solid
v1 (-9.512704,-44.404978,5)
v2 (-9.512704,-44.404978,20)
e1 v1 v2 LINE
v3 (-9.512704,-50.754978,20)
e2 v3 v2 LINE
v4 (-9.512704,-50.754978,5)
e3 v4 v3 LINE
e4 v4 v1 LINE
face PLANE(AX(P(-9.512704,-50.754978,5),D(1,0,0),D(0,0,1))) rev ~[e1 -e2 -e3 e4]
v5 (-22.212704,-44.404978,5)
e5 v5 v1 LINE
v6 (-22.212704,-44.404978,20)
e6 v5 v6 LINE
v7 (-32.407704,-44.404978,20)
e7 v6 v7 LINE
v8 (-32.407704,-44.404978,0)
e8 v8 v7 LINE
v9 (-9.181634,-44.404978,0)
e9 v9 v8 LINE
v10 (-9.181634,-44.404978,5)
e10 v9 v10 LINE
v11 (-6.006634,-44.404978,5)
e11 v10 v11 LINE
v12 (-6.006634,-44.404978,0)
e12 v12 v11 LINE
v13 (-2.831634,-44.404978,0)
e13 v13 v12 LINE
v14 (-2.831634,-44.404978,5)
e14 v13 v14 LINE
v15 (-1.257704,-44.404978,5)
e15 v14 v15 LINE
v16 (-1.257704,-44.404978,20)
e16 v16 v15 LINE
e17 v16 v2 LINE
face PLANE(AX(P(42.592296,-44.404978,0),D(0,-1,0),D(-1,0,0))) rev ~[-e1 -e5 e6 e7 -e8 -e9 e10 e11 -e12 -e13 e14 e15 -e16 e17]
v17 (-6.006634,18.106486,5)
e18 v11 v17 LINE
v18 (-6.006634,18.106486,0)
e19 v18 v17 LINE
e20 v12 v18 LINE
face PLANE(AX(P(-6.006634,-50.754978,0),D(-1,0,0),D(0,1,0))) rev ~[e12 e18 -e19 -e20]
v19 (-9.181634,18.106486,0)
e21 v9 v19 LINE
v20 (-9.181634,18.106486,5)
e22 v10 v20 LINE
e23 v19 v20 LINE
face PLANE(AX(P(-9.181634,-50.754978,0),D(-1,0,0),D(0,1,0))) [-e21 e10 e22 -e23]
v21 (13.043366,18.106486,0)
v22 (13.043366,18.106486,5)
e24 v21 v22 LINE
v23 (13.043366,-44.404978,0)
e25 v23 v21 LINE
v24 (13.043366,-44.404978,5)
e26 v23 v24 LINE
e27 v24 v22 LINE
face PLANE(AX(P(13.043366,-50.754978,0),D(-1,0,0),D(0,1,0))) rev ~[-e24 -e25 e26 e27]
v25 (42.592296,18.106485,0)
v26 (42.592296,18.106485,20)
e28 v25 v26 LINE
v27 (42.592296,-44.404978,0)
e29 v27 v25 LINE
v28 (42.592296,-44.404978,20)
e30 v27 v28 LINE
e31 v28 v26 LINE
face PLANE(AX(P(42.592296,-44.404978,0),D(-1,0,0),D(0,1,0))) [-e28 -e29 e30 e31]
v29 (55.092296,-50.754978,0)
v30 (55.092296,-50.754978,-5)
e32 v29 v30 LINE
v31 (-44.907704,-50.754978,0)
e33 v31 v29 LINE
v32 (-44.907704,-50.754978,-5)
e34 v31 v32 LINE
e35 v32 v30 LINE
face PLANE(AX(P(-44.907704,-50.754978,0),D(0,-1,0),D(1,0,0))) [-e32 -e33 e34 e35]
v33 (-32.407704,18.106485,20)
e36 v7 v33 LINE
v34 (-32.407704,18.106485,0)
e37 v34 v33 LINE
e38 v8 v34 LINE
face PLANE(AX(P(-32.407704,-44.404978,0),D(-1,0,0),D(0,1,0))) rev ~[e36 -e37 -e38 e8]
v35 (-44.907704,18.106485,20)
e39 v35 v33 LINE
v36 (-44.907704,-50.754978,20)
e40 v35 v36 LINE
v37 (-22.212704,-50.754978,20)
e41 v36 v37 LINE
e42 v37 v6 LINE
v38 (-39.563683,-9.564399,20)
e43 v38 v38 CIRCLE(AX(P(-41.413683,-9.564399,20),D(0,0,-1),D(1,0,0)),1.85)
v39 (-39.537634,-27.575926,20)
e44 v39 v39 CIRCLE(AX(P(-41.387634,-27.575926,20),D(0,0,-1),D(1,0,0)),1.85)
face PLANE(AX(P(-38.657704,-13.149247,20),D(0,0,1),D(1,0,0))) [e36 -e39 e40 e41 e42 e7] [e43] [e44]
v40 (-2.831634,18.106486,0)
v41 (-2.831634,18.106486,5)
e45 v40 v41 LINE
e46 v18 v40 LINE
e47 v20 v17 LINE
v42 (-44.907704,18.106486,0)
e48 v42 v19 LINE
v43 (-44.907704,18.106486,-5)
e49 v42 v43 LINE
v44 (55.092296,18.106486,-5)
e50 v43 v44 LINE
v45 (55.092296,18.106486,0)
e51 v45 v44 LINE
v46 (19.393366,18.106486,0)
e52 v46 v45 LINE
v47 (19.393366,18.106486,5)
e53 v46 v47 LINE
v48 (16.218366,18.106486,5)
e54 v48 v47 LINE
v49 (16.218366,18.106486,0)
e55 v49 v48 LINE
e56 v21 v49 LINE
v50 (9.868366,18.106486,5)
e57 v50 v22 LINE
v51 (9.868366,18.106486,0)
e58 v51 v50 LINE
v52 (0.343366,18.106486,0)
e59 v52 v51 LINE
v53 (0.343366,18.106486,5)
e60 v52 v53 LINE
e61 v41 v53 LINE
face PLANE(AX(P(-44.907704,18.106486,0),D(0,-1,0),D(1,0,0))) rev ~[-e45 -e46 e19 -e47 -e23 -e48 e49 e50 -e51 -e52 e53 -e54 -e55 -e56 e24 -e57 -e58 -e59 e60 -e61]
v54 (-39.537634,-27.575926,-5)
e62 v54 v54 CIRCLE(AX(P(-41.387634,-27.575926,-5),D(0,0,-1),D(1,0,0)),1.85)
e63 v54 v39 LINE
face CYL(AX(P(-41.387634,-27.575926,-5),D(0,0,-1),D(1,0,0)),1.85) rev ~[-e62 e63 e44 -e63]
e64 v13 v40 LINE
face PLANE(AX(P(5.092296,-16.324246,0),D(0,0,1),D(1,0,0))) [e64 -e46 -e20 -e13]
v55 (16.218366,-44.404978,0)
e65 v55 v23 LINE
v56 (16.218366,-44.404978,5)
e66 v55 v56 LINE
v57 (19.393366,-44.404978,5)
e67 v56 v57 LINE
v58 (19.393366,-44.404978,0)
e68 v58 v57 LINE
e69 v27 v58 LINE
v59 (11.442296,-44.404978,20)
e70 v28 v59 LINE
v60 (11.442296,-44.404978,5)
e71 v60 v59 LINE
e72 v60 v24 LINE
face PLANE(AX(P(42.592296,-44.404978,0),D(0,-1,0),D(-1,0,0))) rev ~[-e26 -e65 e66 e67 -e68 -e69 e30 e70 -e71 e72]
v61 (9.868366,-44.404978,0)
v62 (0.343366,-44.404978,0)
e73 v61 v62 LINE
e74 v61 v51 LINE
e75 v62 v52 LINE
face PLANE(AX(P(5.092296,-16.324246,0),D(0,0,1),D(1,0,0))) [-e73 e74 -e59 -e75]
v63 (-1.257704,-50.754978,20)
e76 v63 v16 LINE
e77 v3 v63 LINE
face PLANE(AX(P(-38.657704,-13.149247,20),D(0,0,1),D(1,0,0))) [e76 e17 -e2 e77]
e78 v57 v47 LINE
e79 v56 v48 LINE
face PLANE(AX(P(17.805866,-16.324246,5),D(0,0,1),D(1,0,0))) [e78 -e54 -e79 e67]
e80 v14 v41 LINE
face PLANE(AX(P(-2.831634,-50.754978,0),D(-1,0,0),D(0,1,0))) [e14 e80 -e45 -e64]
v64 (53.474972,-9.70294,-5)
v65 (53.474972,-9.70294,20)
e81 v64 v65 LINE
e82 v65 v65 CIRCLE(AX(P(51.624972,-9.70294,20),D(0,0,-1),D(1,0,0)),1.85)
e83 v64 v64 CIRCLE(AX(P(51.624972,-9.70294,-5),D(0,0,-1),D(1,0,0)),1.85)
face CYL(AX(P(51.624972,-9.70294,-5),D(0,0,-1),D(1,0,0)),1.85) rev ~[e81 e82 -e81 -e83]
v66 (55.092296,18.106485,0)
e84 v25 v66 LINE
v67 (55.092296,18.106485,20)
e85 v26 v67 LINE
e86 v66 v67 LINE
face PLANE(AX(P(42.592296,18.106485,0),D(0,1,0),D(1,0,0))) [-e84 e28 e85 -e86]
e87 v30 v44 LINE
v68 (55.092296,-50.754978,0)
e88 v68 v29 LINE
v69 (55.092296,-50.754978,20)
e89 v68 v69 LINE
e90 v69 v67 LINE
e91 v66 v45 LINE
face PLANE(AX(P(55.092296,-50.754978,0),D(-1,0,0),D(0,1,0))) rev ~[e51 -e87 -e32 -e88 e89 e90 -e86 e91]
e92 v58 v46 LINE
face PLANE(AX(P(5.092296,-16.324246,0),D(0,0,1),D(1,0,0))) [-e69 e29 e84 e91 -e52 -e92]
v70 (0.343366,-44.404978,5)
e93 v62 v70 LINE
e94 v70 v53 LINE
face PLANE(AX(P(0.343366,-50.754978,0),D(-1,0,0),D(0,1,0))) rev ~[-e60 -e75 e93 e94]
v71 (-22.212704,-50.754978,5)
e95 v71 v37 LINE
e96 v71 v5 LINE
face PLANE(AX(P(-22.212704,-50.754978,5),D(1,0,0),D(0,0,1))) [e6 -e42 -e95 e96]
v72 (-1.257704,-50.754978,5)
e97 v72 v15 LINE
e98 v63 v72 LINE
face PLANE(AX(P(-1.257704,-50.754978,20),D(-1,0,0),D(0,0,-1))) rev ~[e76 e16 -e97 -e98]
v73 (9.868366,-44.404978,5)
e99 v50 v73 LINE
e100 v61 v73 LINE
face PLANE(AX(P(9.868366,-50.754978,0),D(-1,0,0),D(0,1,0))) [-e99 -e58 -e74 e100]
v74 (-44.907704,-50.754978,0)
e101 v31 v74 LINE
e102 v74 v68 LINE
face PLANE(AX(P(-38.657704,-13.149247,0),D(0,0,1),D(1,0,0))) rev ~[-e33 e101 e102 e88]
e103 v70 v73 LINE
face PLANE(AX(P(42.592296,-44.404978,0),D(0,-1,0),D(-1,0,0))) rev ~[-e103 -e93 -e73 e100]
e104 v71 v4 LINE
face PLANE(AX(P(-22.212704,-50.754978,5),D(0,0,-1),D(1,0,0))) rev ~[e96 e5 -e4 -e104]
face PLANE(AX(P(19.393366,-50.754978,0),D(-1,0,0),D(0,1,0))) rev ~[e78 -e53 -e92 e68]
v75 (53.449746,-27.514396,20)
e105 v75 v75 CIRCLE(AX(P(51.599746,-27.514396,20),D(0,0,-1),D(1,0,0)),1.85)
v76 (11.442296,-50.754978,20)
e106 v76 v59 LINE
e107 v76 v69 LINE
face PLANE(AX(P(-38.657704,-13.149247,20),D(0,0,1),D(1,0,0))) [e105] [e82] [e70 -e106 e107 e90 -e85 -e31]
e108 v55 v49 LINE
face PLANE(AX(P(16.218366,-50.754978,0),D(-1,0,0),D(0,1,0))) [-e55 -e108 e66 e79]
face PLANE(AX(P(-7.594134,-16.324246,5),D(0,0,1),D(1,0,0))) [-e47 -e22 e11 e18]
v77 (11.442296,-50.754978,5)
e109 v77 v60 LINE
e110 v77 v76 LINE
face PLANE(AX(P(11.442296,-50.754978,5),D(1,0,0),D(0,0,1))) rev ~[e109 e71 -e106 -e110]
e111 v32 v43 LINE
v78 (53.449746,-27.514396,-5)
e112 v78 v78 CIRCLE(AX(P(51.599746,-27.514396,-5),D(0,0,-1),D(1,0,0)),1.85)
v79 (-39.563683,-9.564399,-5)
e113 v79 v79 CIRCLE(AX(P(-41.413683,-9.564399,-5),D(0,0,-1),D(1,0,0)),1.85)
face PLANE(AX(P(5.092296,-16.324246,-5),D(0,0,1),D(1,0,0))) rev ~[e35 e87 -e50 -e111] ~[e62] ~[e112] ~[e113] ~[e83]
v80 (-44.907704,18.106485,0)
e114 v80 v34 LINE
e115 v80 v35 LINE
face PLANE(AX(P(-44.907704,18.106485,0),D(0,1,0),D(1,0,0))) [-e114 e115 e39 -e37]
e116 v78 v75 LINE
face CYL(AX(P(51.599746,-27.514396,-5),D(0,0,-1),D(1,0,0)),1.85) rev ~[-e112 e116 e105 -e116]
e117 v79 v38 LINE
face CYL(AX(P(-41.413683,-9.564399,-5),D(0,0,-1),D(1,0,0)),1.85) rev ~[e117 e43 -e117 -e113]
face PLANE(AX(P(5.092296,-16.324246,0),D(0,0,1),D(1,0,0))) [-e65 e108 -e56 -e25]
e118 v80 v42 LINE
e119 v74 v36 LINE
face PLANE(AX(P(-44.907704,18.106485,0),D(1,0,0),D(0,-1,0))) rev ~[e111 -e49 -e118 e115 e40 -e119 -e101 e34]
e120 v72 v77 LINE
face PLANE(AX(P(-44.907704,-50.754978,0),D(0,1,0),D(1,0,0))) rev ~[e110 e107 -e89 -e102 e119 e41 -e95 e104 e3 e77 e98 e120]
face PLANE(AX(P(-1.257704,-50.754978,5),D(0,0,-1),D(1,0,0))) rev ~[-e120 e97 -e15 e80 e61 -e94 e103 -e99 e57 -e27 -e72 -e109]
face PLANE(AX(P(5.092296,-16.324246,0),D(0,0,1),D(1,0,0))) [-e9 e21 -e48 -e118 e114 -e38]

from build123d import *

# Parameters (mm, degrees)
F0_W     = 100
F0_H     = 68.861463
F1_DEPTH = 5
F2_W     = 3.175
F2_H     = 68.861463
F3_DEPTH = 5
F4_W     = 12.5
F4_H     = 62.511463
F4_H_2   = 6.35
F4_W_2   = 75
F5_DEPTH = 20
F6_R     = 1.85
F7_DEPTH = 25.001
F8_W     = 12.7
F8_H     = 15
F9_DEPTH = 12.7


with BuildPart() as f1:
    # F0 (on Top) → F1 (new body)
    with BuildSketch(Plane.XY):
        with Locations((5.092296, -16.324246)):
            Rectangle(F0_W, F0_H)
    extrude(amount=-F1_DEPTH)

    # F2 (on face) → F3 (join)
    with BuildSketch(Plane.XY):
        with Locations((-7.594134, -16.324246)):
            Rectangle(F2_W, F2_H)
        with Locations((-1.244134, -16.324246)):
            Rectangle(F2_W, F2_H)
        with Locations((11.455866, -16.324246)):
            Rectangle(F2_W, F2_H)
        with Locations((17.805866, -16.324246)):
            Rectangle(F2_W, F2_H)
    extrude(amount=F3_DEPTH)

    # F4 (on face) → F5 (join)
    with BuildSketch(Plane.XY):
        with Locations((-38.657704, -13.149247)):
            Rectangle(F4_W, F4_H)
        with Locations((-38.657704, -47.579978)):
            Rectangle(F4_W, F4_H_2)
        with Locations((5.092296, -47.579978)):
            Rectangle(F4_W_2, F4_H_2)
        with Locations((48.842296, -47.579978)):
            Rectangle(F4_W, F4_H_2)
        with Locations((48.842296, -13.149247)):
            Rectangle(F4_W, F4_H)
    extrude(amount=F5_DEPTH)

    # F6 (on face) → F7 (cut, through all)
    with BuildSketch(Plane(origin=(0, 0, -5), x_dir=(1, 0, 0), z_dir=(0, 0, -1))):
        with Locations((-41.387634, 27.575926)):
            Circle(F6_R)
        with Locations((51.599746, 27.514396)):
            Circle(F6_R)
        with Locations((-41.413683, 9.564399)):
            Circle(F6_R)
        with Locations((51.624972, 9.70294)):
            Circle(F6_R)
    extrude(amount=-F7_DEPTH, mode=Mode.SUBTRACT)

    # F8 (on face) → F9 (cut)
    with BuildSketch(Plane.XZ.offset(50.754978)):
        Polygon((-1.257704, 5), (5.092296, 5), (11.442296, 5), (11.442296, 20), (-1.257704, 20), align=None)
        with Locations((-15.862704, 12.5)):
            Rectangle(F8_W, F8_H)
    extrude(amount=-F9_DEPTH, mode=Mode.SUBTRACT)


solid = f1.part
